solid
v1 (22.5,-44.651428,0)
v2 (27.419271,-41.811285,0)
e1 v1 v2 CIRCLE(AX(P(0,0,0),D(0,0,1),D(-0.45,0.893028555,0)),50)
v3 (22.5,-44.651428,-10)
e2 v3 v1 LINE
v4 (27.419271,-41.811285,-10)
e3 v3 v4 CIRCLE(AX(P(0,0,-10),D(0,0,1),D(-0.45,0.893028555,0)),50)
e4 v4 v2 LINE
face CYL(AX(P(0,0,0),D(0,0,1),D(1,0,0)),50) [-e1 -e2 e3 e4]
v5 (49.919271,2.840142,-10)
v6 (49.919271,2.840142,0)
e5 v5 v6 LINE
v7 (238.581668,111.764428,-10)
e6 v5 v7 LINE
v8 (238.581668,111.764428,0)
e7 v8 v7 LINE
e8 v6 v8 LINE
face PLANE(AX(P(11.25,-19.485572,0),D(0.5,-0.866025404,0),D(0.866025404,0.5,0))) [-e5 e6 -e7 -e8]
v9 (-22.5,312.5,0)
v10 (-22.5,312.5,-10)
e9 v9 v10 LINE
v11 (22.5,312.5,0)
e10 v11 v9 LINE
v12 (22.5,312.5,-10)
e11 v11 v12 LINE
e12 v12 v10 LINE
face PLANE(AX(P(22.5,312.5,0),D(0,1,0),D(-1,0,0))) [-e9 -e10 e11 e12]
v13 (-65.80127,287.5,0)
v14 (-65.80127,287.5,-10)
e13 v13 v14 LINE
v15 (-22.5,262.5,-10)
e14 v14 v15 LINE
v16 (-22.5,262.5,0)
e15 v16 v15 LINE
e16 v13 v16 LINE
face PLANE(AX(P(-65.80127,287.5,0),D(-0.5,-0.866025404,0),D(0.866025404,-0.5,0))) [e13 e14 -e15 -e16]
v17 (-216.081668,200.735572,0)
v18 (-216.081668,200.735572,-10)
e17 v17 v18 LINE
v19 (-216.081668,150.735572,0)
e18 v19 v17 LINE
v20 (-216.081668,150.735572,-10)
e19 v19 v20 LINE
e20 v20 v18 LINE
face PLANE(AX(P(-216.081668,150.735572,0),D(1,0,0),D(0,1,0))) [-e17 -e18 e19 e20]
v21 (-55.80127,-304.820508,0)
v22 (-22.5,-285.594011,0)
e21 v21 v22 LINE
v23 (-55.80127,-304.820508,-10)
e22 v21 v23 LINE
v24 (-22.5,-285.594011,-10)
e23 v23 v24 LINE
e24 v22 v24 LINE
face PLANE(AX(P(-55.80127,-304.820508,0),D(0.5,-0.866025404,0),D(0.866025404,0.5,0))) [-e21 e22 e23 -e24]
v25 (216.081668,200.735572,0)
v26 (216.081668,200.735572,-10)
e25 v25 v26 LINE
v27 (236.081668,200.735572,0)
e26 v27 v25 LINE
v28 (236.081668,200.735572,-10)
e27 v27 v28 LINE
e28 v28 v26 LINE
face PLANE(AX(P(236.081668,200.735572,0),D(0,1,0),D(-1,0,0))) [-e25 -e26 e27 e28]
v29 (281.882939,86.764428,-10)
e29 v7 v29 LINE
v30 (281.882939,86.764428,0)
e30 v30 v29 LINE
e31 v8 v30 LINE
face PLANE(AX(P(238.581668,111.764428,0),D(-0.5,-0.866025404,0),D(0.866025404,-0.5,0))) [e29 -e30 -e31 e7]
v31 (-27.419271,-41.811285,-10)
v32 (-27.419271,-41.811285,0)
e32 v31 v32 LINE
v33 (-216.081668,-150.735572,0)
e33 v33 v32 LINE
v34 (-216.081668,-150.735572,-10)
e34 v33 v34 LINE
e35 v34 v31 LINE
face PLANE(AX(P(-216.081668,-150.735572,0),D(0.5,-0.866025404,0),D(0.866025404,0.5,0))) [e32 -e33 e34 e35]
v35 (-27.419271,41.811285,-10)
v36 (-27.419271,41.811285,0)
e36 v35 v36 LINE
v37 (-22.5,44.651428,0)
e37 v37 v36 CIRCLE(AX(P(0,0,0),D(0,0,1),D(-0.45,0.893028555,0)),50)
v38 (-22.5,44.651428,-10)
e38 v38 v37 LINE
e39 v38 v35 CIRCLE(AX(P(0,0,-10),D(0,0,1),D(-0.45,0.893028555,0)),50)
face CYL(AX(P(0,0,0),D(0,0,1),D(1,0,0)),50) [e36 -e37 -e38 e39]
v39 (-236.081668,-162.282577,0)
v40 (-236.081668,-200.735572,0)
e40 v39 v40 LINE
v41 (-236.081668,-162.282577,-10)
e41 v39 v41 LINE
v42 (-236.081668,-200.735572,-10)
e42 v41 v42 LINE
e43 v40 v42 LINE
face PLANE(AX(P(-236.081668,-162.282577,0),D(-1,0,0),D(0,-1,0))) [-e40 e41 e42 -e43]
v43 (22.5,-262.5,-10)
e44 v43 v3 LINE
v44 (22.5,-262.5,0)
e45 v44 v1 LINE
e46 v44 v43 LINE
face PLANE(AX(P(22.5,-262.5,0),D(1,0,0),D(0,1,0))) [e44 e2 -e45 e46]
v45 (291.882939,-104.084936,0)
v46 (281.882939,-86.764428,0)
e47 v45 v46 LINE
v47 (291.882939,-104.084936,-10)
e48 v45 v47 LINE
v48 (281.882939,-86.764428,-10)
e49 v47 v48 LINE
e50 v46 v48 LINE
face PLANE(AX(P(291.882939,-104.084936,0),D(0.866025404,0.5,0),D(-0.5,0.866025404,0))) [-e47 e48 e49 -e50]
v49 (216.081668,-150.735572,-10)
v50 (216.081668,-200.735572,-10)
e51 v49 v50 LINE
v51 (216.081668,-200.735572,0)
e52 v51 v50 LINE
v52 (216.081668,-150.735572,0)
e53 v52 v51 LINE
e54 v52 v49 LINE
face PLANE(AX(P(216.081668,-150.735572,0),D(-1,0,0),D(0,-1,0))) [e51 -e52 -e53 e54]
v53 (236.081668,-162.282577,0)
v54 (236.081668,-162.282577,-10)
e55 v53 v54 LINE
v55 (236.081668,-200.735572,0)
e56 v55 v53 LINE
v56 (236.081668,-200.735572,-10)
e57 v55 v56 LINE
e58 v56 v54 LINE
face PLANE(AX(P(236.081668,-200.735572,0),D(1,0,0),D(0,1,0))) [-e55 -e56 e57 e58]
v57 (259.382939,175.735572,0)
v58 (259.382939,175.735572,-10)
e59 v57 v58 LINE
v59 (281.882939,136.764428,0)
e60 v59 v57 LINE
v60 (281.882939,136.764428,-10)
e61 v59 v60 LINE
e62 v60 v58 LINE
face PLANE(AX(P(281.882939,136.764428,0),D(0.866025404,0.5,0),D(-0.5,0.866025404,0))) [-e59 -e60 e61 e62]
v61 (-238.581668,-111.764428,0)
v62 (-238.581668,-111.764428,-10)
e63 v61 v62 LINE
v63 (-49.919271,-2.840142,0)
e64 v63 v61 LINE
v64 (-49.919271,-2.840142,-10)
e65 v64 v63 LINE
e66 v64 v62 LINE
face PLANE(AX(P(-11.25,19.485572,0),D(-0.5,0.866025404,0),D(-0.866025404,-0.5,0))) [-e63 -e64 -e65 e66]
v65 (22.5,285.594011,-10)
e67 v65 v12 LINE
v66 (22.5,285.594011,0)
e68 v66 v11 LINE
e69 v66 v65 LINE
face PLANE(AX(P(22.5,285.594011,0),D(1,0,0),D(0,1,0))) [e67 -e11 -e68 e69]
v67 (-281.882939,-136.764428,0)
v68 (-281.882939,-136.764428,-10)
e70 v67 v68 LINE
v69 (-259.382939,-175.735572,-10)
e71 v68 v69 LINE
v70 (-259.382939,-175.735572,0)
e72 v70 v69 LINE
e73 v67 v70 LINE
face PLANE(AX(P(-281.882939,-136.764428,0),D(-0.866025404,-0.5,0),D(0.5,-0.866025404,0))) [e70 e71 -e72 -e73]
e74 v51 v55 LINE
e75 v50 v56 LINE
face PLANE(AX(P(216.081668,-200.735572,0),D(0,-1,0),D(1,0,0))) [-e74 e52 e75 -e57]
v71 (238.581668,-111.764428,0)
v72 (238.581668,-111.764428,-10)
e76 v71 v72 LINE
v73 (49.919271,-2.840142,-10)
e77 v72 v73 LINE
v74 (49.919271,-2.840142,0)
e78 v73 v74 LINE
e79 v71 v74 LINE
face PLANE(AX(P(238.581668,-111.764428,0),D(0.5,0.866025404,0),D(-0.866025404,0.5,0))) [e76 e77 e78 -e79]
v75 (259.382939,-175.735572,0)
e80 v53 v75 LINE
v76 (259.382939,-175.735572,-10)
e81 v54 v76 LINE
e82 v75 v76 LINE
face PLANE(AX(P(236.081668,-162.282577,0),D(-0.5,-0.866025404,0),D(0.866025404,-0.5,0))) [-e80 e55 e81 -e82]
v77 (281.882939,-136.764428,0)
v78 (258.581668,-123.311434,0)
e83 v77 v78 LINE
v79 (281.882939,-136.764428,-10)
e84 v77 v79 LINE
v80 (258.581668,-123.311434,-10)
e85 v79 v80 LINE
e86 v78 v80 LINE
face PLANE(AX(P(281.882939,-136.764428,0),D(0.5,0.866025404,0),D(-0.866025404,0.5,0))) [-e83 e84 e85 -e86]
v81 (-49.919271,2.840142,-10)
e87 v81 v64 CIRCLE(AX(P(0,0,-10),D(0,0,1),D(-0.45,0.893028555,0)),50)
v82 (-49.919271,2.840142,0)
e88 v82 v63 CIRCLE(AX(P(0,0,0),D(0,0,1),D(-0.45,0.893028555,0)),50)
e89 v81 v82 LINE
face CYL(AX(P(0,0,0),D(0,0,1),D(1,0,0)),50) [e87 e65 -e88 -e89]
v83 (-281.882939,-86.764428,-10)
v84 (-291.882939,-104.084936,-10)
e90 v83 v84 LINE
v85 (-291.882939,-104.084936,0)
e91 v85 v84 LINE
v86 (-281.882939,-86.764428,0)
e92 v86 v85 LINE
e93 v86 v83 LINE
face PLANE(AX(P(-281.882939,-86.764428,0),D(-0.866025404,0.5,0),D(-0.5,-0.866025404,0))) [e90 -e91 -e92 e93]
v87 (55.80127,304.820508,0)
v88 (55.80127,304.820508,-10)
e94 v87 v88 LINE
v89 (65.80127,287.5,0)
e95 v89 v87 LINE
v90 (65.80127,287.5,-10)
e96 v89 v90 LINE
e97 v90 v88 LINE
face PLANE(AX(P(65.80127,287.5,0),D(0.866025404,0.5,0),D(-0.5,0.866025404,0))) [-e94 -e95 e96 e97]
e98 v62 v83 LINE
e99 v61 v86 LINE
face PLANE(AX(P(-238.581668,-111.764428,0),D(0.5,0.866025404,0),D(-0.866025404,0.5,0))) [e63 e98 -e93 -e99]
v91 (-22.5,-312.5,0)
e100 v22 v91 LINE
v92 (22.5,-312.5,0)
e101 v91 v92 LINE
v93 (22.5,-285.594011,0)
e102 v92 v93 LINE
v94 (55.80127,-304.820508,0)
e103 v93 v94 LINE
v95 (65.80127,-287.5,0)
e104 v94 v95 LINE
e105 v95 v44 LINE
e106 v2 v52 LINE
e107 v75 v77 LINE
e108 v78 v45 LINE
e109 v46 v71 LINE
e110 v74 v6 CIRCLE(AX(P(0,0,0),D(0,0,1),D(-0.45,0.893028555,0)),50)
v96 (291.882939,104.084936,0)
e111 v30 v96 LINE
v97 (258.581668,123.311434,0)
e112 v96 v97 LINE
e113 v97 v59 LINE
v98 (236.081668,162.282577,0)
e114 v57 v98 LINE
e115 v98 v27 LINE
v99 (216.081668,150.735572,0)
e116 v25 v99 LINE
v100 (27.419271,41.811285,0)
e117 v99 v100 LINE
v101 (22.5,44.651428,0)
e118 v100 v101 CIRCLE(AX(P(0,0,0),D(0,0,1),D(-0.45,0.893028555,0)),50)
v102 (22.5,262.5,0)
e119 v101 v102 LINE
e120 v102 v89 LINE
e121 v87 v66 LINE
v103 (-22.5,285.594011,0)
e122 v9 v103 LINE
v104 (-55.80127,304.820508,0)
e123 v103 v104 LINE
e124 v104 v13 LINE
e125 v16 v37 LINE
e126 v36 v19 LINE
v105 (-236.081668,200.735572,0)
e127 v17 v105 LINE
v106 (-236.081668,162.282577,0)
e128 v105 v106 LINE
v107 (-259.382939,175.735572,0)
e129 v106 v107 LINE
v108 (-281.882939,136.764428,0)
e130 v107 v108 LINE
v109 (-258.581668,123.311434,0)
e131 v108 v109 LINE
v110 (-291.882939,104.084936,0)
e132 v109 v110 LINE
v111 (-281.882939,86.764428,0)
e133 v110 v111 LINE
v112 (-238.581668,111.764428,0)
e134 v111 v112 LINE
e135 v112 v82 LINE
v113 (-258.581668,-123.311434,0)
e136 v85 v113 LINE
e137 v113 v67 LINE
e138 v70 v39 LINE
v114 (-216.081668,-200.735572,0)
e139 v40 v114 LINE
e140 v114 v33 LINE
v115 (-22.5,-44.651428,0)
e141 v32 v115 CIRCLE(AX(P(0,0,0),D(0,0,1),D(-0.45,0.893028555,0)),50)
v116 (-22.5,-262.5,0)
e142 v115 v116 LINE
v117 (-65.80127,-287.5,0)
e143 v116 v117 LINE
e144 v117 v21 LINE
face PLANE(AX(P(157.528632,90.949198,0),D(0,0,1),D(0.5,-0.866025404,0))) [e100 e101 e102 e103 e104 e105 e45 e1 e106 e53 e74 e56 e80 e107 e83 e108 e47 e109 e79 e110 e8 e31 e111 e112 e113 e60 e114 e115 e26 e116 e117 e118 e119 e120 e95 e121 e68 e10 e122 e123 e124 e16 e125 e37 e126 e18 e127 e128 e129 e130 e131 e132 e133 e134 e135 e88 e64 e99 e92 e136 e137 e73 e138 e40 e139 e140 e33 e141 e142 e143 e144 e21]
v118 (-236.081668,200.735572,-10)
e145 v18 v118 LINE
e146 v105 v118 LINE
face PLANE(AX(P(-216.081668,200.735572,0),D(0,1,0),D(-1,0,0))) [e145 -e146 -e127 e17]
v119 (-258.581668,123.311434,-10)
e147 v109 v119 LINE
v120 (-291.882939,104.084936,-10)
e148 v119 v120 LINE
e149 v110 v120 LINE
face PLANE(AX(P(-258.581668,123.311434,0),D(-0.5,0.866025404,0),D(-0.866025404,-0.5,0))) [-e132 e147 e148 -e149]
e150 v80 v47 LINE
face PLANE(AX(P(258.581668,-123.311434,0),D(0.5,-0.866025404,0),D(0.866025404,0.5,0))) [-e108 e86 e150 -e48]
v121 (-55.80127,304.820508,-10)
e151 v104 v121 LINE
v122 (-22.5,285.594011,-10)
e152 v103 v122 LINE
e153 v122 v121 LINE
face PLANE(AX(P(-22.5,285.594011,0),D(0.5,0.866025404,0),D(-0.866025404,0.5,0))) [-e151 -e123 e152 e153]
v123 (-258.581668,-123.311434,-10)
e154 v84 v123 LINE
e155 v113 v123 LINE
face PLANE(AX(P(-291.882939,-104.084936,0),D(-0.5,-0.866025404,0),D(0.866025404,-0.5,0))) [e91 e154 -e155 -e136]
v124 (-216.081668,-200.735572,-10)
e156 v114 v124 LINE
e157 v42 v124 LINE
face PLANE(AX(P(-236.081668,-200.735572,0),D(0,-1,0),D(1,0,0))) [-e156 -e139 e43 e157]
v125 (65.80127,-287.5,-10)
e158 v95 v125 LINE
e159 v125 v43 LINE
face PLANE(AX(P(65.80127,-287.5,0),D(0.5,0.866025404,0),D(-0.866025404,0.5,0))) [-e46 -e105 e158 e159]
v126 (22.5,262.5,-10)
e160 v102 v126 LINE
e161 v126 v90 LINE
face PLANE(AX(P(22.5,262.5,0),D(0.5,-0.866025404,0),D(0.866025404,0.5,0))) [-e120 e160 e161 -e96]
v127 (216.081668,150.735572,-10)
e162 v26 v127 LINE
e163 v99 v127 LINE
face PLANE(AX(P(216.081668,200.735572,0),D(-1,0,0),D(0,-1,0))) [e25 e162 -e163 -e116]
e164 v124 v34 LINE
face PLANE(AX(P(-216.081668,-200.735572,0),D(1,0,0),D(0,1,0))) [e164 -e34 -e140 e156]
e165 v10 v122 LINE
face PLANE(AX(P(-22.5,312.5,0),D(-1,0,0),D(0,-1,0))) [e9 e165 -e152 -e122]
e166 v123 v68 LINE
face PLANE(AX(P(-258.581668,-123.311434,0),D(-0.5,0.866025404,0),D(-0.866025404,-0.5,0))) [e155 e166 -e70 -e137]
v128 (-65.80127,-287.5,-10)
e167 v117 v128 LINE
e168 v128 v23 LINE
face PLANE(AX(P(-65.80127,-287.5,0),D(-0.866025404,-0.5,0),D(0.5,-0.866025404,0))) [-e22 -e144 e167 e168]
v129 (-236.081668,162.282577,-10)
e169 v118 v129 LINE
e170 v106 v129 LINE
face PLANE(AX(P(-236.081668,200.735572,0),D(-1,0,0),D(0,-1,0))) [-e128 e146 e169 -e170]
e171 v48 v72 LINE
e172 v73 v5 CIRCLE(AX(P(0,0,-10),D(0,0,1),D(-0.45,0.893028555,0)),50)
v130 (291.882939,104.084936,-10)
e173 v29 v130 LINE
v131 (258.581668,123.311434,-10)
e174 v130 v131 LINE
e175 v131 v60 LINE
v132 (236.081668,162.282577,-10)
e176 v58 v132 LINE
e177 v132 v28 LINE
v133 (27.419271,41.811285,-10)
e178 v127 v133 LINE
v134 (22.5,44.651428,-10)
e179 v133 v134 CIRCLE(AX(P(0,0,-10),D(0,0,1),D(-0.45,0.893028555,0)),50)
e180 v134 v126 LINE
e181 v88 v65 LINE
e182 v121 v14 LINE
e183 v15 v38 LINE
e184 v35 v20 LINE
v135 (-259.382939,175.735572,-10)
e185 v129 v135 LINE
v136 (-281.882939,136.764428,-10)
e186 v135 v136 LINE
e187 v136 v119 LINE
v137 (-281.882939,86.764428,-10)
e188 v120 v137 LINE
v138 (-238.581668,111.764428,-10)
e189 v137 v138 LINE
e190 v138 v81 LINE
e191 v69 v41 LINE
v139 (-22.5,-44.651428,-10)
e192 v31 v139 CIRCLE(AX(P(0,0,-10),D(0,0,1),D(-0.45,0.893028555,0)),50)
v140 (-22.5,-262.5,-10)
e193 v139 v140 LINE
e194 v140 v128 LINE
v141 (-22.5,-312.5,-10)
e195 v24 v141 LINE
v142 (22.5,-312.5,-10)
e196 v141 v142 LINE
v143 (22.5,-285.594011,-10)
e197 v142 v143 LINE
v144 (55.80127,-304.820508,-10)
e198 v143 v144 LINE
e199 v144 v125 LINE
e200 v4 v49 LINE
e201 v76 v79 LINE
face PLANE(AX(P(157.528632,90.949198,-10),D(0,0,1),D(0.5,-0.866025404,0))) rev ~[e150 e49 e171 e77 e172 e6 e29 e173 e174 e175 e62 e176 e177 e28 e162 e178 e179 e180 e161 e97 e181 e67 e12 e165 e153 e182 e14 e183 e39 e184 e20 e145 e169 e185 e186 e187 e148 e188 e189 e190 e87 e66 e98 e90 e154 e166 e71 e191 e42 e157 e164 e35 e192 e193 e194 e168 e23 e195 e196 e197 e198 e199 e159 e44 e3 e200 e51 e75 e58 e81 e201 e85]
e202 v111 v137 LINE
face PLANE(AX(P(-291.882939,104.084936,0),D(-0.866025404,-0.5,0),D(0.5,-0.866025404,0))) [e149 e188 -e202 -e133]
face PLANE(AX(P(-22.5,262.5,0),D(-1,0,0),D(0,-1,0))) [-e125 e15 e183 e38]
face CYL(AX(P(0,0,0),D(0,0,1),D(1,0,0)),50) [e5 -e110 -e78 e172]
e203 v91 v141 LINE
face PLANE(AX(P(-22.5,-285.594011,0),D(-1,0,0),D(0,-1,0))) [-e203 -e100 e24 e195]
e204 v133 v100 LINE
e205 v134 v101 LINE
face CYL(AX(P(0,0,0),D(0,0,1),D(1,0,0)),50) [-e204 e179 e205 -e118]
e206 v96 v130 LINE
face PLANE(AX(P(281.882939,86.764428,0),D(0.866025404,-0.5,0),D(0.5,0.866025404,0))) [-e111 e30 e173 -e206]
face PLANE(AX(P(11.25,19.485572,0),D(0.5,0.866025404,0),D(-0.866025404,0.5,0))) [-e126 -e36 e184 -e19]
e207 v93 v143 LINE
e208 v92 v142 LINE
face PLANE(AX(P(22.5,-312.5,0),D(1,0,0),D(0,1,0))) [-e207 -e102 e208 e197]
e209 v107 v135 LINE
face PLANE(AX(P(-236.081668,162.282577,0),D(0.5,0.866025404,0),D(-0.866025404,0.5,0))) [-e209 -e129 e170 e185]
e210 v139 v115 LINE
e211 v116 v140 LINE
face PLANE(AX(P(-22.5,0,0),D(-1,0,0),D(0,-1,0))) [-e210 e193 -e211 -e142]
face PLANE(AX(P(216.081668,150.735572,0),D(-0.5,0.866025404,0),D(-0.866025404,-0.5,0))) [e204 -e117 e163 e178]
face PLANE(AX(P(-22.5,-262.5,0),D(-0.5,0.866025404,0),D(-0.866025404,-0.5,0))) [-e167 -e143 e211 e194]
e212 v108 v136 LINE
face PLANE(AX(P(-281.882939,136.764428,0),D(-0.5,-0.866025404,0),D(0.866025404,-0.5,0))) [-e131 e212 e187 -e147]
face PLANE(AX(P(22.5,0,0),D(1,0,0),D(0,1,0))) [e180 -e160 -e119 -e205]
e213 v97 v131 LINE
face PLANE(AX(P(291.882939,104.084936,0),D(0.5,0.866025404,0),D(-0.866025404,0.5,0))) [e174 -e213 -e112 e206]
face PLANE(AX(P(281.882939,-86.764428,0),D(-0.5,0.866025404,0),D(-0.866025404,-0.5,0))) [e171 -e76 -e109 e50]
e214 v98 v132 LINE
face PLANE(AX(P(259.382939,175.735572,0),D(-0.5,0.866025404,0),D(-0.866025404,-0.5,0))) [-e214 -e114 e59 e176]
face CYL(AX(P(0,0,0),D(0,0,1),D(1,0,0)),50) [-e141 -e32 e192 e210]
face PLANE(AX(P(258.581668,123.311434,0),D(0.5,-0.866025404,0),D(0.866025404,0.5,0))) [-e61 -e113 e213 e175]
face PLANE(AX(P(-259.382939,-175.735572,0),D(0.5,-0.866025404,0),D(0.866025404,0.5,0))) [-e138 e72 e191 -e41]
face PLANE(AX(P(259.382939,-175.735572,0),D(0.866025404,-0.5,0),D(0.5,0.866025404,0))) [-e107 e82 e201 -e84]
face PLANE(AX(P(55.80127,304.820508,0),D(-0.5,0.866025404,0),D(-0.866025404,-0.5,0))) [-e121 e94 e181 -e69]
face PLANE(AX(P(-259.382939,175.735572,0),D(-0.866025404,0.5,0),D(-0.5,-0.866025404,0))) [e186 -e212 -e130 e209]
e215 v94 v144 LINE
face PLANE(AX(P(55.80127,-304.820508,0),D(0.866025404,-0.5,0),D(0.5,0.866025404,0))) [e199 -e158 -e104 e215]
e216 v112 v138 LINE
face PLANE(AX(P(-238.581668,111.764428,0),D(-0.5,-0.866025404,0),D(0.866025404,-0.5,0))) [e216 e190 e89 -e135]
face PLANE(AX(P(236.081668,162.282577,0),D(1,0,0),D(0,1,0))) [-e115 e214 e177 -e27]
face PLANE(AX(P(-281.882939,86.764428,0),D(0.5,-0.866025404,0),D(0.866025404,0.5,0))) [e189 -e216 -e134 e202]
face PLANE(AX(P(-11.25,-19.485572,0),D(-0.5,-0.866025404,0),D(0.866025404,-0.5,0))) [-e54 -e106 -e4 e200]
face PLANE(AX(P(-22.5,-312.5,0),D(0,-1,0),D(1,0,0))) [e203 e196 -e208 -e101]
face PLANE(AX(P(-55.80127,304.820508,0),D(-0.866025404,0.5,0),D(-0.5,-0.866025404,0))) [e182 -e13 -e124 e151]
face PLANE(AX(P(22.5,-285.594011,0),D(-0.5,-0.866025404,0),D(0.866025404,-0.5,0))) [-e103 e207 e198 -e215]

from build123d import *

# Parameters (mm, degrees)
SKETCH2_R           = 50
BOSS_EXTRUDE1_DEPTH = 10
BOSS_EXTRUDE2_DEPTH = 10
CIRPATTERN1_COUNT   = 6


with BuildPart() as part:
    # Sketch2 → Boss-Extrude1 (new body)
    with BuildSketch(Plane.XY):
        Circle(SKETCH2_R)
    extrude(amount=-BOSS_EXTRUDE1_DEPTH)

    # Sketch3 → Boss-Extrude2 (add)
    with BuildSketch(Plane.XY):
        Polygon((-22.5, 262.5), (-22.5, 0), (0, 0), (22.5, 0), (22.5, 262.5), (65.801270189, 287.5), (55.801270189, 304.820508076), (22.5, 285.594010768), (22.5, 312.5), (-22.5, 312.5), (-22.5, 285.594010768), (-55.801270189, 304.820508076), (-65.801270189, 287.5), align=None)
    boss_extrude2 = extrude(amount=-BOSS_EXTRUDE2_DEPTH)

    # CirPattern1: Boss-Extrude2 ×6 about axis
    cirpattern1_axis = Axis((0, 0, 0), (0, 0, 1))
    for i in range(1, CIRPATTERN1_COUNT):
        add(boss_extrude2.rotate(cirpattern1_axis, i * 360 / CIRPATTERN1_COUNT))


solid = part.part
